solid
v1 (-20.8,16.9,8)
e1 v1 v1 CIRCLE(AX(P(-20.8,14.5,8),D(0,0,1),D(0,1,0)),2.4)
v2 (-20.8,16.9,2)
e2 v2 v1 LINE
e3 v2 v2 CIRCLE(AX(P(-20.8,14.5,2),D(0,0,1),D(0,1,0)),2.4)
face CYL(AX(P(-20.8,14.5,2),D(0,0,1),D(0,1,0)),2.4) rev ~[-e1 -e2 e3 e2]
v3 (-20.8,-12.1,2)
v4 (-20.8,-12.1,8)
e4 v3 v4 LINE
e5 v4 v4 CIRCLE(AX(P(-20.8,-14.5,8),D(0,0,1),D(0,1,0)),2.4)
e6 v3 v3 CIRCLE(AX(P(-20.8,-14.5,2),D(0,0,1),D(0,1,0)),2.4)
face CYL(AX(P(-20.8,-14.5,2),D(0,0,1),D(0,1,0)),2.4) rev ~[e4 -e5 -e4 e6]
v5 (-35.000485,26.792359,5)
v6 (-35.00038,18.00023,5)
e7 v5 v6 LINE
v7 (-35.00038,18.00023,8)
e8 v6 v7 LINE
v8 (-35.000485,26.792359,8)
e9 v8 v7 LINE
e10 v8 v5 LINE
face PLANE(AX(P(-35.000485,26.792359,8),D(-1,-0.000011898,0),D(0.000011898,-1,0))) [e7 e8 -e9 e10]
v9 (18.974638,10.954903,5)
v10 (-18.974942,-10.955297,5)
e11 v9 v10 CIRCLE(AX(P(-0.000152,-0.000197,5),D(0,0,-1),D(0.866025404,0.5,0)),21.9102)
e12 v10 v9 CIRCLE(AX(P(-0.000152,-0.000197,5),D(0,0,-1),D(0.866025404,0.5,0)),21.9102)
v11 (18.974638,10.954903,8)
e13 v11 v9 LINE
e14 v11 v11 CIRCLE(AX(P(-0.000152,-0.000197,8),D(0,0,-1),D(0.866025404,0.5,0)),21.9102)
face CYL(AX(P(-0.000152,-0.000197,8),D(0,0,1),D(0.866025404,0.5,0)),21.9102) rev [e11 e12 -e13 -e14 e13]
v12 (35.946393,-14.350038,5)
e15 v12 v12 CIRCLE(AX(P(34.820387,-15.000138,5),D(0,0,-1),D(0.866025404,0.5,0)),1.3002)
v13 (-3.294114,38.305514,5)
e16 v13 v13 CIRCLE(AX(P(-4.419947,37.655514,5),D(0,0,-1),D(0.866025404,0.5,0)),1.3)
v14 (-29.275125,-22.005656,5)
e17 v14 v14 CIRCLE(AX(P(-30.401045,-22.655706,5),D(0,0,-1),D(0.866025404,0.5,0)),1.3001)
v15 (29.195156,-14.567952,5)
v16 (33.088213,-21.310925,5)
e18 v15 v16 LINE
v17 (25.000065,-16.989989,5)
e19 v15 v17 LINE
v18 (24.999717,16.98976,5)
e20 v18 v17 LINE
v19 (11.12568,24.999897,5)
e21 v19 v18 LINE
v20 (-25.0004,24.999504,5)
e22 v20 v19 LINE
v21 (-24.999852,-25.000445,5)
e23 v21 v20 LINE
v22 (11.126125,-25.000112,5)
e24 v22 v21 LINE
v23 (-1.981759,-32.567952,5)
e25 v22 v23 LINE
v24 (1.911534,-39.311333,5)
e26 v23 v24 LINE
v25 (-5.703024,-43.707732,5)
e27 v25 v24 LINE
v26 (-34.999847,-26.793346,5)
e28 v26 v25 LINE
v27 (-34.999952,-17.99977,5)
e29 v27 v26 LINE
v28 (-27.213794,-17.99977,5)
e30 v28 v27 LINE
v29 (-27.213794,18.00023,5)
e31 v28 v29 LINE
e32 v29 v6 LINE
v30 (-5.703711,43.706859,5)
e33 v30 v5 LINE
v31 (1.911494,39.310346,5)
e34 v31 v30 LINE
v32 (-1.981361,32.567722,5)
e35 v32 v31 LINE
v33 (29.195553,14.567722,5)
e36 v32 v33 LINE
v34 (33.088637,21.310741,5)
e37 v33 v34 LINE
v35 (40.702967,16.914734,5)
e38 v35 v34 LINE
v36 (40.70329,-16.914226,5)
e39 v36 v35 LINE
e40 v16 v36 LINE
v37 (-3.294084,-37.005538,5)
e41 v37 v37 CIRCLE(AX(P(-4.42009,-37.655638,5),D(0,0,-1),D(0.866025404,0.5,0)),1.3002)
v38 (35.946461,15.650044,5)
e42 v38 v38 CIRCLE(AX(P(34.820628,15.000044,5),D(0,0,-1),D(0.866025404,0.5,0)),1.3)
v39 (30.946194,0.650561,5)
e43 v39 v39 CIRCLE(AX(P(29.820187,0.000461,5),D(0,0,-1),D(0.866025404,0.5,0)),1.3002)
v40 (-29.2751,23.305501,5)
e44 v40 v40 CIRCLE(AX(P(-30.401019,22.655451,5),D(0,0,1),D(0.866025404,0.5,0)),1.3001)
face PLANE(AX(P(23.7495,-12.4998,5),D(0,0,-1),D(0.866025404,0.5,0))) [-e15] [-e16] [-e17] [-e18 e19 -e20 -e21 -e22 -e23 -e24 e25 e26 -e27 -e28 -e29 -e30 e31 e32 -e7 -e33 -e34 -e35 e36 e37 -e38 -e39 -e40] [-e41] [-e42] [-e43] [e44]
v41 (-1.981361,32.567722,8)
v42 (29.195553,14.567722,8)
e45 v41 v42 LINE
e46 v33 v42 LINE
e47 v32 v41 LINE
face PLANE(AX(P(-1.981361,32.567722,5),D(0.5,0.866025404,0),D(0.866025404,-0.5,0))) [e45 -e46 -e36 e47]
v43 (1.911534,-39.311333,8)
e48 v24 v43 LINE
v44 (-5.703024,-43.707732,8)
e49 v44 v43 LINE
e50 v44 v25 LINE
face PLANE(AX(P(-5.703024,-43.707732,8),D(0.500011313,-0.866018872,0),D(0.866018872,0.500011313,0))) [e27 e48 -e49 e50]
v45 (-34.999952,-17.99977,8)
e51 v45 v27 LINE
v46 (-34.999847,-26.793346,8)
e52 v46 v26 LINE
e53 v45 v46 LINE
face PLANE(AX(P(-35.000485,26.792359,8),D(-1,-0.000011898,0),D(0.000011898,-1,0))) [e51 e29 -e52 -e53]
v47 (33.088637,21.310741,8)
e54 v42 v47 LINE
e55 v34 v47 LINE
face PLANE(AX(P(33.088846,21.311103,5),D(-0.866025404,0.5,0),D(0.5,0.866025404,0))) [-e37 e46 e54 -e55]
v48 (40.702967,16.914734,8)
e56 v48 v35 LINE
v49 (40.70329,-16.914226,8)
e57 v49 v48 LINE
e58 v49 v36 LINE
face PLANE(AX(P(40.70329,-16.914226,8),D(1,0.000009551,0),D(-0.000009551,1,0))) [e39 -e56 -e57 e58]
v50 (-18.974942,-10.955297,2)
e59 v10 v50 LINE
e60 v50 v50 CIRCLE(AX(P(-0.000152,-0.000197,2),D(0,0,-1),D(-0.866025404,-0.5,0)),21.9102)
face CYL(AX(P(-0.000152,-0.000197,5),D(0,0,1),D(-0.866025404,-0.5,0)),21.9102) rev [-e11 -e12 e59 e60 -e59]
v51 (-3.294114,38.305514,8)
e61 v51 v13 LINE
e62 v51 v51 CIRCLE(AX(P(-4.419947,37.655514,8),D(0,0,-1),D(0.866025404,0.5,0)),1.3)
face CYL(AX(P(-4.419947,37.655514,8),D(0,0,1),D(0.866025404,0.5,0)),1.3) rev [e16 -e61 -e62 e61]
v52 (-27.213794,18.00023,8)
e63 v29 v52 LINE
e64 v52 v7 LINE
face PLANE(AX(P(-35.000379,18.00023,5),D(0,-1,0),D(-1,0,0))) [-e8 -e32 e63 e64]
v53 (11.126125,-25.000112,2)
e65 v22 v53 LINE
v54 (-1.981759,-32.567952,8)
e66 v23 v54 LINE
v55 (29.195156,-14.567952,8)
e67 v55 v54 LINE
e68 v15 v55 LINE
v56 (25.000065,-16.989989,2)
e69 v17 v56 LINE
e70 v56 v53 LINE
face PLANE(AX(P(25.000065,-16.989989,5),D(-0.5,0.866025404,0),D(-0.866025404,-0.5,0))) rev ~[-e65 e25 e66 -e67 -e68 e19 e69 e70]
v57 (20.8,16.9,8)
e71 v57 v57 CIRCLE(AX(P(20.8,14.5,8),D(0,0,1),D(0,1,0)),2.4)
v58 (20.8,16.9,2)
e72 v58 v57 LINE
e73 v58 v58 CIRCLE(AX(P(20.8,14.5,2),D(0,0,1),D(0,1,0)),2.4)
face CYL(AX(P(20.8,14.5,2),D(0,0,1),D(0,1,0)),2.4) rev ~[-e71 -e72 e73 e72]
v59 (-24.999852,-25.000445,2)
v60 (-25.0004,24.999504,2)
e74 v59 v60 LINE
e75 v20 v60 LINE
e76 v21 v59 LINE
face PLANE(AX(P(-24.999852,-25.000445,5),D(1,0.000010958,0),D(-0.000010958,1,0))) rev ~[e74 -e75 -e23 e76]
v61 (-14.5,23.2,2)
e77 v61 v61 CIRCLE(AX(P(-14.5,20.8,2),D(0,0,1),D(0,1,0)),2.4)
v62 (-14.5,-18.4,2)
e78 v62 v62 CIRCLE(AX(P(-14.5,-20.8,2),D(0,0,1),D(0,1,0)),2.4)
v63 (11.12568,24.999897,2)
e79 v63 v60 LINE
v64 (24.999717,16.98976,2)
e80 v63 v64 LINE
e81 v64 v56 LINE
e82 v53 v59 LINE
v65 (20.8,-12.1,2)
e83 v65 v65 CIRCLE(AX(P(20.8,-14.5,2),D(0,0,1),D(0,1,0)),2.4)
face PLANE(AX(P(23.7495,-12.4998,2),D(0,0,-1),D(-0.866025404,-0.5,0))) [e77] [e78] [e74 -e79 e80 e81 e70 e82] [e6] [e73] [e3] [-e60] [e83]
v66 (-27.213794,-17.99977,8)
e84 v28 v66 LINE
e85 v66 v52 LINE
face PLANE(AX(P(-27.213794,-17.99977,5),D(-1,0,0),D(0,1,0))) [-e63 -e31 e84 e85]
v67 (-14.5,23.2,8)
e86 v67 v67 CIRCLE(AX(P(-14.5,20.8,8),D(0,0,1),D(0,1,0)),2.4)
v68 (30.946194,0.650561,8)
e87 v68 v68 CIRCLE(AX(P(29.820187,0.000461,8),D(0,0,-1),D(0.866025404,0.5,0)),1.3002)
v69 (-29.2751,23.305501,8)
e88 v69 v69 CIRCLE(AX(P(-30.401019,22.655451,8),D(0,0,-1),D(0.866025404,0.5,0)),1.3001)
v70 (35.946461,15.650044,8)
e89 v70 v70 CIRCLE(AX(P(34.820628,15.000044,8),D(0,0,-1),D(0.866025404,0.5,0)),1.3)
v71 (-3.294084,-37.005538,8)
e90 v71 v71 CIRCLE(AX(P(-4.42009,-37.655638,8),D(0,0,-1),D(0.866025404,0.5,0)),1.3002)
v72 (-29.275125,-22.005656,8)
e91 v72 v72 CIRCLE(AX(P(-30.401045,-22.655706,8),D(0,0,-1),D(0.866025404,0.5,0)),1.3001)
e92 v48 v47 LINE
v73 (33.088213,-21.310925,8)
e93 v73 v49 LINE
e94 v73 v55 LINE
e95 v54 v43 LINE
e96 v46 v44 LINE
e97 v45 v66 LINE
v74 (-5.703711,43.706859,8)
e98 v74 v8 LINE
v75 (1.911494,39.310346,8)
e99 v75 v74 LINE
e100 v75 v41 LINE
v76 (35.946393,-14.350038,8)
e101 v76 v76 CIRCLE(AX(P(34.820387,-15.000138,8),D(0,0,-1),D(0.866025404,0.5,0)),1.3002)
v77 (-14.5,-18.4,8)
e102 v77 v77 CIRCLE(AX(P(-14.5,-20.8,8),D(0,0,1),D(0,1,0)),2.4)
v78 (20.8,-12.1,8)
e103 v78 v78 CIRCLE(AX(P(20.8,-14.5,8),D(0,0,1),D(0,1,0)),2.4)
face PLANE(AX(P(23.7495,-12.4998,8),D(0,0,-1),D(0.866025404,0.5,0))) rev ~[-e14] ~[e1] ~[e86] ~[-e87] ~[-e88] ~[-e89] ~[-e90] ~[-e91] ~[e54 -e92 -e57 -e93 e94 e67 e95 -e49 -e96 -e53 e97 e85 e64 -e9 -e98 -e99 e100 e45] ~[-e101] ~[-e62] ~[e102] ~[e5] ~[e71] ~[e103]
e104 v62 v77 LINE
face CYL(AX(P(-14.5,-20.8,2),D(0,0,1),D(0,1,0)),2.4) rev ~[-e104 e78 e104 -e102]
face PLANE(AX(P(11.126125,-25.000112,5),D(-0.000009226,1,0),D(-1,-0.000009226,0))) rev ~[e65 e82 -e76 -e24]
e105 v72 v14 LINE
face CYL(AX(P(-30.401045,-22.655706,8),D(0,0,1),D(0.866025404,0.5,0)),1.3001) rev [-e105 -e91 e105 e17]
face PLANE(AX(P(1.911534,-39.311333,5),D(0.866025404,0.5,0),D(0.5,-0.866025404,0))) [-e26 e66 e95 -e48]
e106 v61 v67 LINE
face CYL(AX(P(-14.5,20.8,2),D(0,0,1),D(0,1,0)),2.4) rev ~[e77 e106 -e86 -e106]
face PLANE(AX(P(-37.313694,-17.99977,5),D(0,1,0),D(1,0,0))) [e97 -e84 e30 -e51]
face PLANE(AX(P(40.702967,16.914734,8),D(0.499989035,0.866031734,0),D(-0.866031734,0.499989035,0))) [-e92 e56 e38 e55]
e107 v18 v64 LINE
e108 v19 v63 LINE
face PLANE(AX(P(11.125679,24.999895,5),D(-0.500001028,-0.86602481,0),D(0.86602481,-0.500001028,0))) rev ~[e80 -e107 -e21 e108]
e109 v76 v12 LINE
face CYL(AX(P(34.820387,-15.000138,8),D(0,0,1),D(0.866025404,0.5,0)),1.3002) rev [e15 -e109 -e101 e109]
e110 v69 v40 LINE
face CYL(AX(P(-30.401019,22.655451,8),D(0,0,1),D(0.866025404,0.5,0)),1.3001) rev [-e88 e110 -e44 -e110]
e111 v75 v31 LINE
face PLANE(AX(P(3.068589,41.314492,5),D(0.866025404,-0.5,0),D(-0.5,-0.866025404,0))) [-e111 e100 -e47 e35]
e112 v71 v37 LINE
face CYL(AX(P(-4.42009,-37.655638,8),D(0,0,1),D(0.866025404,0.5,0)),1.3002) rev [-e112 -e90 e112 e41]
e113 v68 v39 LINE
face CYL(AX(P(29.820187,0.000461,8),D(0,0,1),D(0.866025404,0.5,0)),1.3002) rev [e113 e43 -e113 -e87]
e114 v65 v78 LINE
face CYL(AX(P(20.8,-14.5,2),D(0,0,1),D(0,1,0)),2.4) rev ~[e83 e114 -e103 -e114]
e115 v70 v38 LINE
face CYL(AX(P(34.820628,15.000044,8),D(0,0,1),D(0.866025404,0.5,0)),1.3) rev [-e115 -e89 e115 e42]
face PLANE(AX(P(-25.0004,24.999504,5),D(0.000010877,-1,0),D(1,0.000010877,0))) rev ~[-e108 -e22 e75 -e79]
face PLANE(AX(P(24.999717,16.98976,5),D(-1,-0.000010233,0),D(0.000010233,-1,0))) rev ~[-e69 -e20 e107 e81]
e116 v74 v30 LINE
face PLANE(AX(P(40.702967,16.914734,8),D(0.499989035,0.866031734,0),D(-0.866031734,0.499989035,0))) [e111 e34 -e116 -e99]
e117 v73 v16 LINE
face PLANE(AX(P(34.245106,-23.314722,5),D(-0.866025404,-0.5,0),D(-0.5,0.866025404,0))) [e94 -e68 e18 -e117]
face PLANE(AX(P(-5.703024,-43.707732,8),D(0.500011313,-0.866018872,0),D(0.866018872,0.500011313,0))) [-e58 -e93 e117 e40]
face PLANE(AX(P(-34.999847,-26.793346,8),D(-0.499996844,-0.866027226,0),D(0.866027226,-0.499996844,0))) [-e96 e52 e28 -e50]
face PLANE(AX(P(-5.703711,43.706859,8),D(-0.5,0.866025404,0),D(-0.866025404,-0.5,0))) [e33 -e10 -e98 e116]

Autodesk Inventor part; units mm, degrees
ref_plane "YZ Plane" through (0, 0, 0) normal (1, 0, 0) x (0, 1, 0)
ref_plane "XZ Plane" through (0, 0, 0) normal (0, 1, 0) x (-1, 0, 0)
ref_plane "XY Plane" through (0, 0, 0) normal (0, 0, 1) x (1, 0, 0)
ref_plane "Work Plane4" through (23.7495, -12.4998, 8) normal (0, 0, -1) x (0.866, 0.5, 0)
sketch "Sketch9" plane through (23.7495, -12.4998, 8) normal (0, 0, -1) x (0.866, 0.5, 0)
  circle A0 centre (-36.9735, 7.7008) radius 1.3002
  circle A1 centre (8.3375, 7.7008) radius 1.3002
  circle A2 centre (23.3378, -18.28) radius 1.3
  circle A3 centre (-14.318, -22.6998) radius 21.9102
  circle A4 centre (-51.9737, -18.28) radius 1.3001
  line L0 (-27.63, -57.387) -> (-29.04, -59.377)
  circle A5 centre (-29.3181, -57.5206) radius 1.3001
  circle A6 centre (0.6822, -57.5205) radius 1.3
  circle A7 centre (11.5075, -7.7902) radius 1.3002
  line L1 (-33.586, -63.403) -> (4.877, -63.403) construction
  line L2 (-39.9342, 14.3381) -> (-59.166, -18.972) construction
  line L3 (30.566, -19.035) -> (11.3349, 14.275) construction
  line L4 (-14.3189, -92.6998) -> (-74.9393, 12.301) construction
  line L5 (-74.9393, 12.301) -> (46.3042, 12.2995) construction
  line L6 (46.3042, 12.2995) -> (-14.3189, -92.6998) construction
  line L7 (41.198, -34.545) -> (23.698, -64.855) construction
  line L8 (2.5961, -63.403) -> (-31.2329, -63.403)
  line L9 (-31.2329, -63.403) -> (-58.0252, -16.9961)
  line L10 (-58.0252, -16.9961) -> (-41.1106, 12.3006)
  line L11 (-41.1106, 12.3006) -> (12.4752, 12.2999)
  line L12 (12.4752, 12.2999) -> (29.3894, -16.997)
  line L13 (29.3894, -16.997) -> (2.5961, -63.403)
  point P0 (-14.318, -22.6998)
  dimension "d56" = 35
extrude "Extrusion4" add sketch "Sketch9" along normal blind 3
sketch "Sketch10" plane through (23.7495, -12.4998, 5) normal (0, 0, -1) x (-0.866, -0.5, 0)
  circle A0 centre (14.318, 22.6998) radius 21.9102 projected
  circle A1 centre (36.9735, -7.7008) radius 1.3002 projected
  circle A2 centre (-8.3375, -7.7008) radius 1.3002 projected
  circle A3 centre (-11.5075, 7.7902) radius 1.3002 projected
  circle A4 centre (29.3181, 57.5206) radius 1.3001 projected
  circle A5 centre (51.9737, 18.28) radius 1.3001 projected
  circle A6 centre (-23.3378, 18.28) radius 1.3 projected
  circle A7 centre (-0.6822, 57.5205) radius 1.3 projected
  line L0 (31.2329, 63.403) -> (-2.5961, 63.403) projected
  line L1 (-2.5961, 63.403) -> (-29.3894, 16.997) projected
  line L2 (-29.3894, 16.997) -> (-12.4752, -12.2999) projected
  line L3 (-12.4752, -12.2999) -> (41.1106, -12.3006) projected
  line L4 (41.1106, -12.3006) -> (58.0252, 16.9961) projected
  line L5 (58.0252, 16.9961) -> (31.2329, 63.403) projected
  line L6 (32.318, -14.6138) -> (-3.682, -14.6138)
  line L7 (-3.682, -14.6138) -> (-3.682, -4.5139)
  line L8 (-3.682, -4.5139) -> (32.318, -4.5139)
  line L9 (32.318, -4.5139) -> (32.318, -14.6138)
  point P0 (14.318, 22.6998)
  dimension "d59" = 18
  dimension "d60" = 18
extrude "Extrusion5" cut sketch "Sketch10" against normal through all contours L9 L6 L7 L3 | L3 L7 L8 L9
pattern_circular "Circular Pattern1" count 3 over 360 about axis through (0, 0, 8) along (0, 0, -1) of "Extrusion5"
sketch "Sketch11" plane through (23.7495, -12.4998, 5) normal (0, 0, -1) x (-0.866, -0.5, 0)
  line L0 (23.469, 56.8503) -> (-7.8173, 38.7876)
  line L1 (-15.8275, 24.9136) -> (5.167, -11.4508)
  line L2 (5.167, -11.4508) -> (48.4685, 13.5488)
  line L3 (48.4685, 13.5488) -> (23.469, 56.8503)
  line L4 (23.469, 56.8503) -> (5.167, -11.4508) construction
  line L5 (-19.8325, 31.8507) -> (48.4685, 13.5488) construction
  line L6 (-2.59, 41.8055) -> (-7.8173, 38.7876)
  circle A0 centre (14.318, 22.6998) radius 21.9102 projected
  line L7 (-0.2497, 51.8951) -> (-18.2497, 20.7181) projected
  line L8 (-3.682, -4.5139) -> (32.318, -4.5139) projected
  point P0 (14.318, 22.6998)
  point P1 (1.1621, -4.5139)
  point P2 (17.1824, -4.5139)
  dimension "d66" = 50
  dimension "d67" = 50
extrude "Extrusion6" add sketch "Sketch11" along normal blind 3 contours L3 L2 L8 L1 L7 L0
sketch "Sketch12" plane through (23.7495, -12.4998, 2) normal (0, 0, -1) x (-0.866, -0.5, 0)
  circle A0 centre (37.2753, 11.9362) radius 2.65
  circle A1 centre (39.5813, 20.5422) radius 2.65
  circle A2 centre (25.0816, 45.657) radius 2.65
  circle A3 centre (16.4756, 47.9631) radius 2.65
  circle A4 centre (-10.9453, 24.8574) radius 2.65
  circle A5 centre (3.5544, -0.2575) radius 2.65
  circle A6 centre (12.1604, -2.5635) radius 2.65
  circle A7 centre (-8.6393, 33.4633) radius 2.65
  point P0 (14.318, 22.6998)
hole "Hole4" at (-20.8, -14.5, 2) at (-14.5, -20.8, 2) at (20.8, -14.5, 2) at (20.8, 14.5, 2) at (-14.5, 20.8, 2) at (-20.8, 14.5, 2) direction (0, 0, 1) diameter 4.8 end through all
properties part number "20_Cube_Insert_Openflexure_Deltastage_Adapter"
